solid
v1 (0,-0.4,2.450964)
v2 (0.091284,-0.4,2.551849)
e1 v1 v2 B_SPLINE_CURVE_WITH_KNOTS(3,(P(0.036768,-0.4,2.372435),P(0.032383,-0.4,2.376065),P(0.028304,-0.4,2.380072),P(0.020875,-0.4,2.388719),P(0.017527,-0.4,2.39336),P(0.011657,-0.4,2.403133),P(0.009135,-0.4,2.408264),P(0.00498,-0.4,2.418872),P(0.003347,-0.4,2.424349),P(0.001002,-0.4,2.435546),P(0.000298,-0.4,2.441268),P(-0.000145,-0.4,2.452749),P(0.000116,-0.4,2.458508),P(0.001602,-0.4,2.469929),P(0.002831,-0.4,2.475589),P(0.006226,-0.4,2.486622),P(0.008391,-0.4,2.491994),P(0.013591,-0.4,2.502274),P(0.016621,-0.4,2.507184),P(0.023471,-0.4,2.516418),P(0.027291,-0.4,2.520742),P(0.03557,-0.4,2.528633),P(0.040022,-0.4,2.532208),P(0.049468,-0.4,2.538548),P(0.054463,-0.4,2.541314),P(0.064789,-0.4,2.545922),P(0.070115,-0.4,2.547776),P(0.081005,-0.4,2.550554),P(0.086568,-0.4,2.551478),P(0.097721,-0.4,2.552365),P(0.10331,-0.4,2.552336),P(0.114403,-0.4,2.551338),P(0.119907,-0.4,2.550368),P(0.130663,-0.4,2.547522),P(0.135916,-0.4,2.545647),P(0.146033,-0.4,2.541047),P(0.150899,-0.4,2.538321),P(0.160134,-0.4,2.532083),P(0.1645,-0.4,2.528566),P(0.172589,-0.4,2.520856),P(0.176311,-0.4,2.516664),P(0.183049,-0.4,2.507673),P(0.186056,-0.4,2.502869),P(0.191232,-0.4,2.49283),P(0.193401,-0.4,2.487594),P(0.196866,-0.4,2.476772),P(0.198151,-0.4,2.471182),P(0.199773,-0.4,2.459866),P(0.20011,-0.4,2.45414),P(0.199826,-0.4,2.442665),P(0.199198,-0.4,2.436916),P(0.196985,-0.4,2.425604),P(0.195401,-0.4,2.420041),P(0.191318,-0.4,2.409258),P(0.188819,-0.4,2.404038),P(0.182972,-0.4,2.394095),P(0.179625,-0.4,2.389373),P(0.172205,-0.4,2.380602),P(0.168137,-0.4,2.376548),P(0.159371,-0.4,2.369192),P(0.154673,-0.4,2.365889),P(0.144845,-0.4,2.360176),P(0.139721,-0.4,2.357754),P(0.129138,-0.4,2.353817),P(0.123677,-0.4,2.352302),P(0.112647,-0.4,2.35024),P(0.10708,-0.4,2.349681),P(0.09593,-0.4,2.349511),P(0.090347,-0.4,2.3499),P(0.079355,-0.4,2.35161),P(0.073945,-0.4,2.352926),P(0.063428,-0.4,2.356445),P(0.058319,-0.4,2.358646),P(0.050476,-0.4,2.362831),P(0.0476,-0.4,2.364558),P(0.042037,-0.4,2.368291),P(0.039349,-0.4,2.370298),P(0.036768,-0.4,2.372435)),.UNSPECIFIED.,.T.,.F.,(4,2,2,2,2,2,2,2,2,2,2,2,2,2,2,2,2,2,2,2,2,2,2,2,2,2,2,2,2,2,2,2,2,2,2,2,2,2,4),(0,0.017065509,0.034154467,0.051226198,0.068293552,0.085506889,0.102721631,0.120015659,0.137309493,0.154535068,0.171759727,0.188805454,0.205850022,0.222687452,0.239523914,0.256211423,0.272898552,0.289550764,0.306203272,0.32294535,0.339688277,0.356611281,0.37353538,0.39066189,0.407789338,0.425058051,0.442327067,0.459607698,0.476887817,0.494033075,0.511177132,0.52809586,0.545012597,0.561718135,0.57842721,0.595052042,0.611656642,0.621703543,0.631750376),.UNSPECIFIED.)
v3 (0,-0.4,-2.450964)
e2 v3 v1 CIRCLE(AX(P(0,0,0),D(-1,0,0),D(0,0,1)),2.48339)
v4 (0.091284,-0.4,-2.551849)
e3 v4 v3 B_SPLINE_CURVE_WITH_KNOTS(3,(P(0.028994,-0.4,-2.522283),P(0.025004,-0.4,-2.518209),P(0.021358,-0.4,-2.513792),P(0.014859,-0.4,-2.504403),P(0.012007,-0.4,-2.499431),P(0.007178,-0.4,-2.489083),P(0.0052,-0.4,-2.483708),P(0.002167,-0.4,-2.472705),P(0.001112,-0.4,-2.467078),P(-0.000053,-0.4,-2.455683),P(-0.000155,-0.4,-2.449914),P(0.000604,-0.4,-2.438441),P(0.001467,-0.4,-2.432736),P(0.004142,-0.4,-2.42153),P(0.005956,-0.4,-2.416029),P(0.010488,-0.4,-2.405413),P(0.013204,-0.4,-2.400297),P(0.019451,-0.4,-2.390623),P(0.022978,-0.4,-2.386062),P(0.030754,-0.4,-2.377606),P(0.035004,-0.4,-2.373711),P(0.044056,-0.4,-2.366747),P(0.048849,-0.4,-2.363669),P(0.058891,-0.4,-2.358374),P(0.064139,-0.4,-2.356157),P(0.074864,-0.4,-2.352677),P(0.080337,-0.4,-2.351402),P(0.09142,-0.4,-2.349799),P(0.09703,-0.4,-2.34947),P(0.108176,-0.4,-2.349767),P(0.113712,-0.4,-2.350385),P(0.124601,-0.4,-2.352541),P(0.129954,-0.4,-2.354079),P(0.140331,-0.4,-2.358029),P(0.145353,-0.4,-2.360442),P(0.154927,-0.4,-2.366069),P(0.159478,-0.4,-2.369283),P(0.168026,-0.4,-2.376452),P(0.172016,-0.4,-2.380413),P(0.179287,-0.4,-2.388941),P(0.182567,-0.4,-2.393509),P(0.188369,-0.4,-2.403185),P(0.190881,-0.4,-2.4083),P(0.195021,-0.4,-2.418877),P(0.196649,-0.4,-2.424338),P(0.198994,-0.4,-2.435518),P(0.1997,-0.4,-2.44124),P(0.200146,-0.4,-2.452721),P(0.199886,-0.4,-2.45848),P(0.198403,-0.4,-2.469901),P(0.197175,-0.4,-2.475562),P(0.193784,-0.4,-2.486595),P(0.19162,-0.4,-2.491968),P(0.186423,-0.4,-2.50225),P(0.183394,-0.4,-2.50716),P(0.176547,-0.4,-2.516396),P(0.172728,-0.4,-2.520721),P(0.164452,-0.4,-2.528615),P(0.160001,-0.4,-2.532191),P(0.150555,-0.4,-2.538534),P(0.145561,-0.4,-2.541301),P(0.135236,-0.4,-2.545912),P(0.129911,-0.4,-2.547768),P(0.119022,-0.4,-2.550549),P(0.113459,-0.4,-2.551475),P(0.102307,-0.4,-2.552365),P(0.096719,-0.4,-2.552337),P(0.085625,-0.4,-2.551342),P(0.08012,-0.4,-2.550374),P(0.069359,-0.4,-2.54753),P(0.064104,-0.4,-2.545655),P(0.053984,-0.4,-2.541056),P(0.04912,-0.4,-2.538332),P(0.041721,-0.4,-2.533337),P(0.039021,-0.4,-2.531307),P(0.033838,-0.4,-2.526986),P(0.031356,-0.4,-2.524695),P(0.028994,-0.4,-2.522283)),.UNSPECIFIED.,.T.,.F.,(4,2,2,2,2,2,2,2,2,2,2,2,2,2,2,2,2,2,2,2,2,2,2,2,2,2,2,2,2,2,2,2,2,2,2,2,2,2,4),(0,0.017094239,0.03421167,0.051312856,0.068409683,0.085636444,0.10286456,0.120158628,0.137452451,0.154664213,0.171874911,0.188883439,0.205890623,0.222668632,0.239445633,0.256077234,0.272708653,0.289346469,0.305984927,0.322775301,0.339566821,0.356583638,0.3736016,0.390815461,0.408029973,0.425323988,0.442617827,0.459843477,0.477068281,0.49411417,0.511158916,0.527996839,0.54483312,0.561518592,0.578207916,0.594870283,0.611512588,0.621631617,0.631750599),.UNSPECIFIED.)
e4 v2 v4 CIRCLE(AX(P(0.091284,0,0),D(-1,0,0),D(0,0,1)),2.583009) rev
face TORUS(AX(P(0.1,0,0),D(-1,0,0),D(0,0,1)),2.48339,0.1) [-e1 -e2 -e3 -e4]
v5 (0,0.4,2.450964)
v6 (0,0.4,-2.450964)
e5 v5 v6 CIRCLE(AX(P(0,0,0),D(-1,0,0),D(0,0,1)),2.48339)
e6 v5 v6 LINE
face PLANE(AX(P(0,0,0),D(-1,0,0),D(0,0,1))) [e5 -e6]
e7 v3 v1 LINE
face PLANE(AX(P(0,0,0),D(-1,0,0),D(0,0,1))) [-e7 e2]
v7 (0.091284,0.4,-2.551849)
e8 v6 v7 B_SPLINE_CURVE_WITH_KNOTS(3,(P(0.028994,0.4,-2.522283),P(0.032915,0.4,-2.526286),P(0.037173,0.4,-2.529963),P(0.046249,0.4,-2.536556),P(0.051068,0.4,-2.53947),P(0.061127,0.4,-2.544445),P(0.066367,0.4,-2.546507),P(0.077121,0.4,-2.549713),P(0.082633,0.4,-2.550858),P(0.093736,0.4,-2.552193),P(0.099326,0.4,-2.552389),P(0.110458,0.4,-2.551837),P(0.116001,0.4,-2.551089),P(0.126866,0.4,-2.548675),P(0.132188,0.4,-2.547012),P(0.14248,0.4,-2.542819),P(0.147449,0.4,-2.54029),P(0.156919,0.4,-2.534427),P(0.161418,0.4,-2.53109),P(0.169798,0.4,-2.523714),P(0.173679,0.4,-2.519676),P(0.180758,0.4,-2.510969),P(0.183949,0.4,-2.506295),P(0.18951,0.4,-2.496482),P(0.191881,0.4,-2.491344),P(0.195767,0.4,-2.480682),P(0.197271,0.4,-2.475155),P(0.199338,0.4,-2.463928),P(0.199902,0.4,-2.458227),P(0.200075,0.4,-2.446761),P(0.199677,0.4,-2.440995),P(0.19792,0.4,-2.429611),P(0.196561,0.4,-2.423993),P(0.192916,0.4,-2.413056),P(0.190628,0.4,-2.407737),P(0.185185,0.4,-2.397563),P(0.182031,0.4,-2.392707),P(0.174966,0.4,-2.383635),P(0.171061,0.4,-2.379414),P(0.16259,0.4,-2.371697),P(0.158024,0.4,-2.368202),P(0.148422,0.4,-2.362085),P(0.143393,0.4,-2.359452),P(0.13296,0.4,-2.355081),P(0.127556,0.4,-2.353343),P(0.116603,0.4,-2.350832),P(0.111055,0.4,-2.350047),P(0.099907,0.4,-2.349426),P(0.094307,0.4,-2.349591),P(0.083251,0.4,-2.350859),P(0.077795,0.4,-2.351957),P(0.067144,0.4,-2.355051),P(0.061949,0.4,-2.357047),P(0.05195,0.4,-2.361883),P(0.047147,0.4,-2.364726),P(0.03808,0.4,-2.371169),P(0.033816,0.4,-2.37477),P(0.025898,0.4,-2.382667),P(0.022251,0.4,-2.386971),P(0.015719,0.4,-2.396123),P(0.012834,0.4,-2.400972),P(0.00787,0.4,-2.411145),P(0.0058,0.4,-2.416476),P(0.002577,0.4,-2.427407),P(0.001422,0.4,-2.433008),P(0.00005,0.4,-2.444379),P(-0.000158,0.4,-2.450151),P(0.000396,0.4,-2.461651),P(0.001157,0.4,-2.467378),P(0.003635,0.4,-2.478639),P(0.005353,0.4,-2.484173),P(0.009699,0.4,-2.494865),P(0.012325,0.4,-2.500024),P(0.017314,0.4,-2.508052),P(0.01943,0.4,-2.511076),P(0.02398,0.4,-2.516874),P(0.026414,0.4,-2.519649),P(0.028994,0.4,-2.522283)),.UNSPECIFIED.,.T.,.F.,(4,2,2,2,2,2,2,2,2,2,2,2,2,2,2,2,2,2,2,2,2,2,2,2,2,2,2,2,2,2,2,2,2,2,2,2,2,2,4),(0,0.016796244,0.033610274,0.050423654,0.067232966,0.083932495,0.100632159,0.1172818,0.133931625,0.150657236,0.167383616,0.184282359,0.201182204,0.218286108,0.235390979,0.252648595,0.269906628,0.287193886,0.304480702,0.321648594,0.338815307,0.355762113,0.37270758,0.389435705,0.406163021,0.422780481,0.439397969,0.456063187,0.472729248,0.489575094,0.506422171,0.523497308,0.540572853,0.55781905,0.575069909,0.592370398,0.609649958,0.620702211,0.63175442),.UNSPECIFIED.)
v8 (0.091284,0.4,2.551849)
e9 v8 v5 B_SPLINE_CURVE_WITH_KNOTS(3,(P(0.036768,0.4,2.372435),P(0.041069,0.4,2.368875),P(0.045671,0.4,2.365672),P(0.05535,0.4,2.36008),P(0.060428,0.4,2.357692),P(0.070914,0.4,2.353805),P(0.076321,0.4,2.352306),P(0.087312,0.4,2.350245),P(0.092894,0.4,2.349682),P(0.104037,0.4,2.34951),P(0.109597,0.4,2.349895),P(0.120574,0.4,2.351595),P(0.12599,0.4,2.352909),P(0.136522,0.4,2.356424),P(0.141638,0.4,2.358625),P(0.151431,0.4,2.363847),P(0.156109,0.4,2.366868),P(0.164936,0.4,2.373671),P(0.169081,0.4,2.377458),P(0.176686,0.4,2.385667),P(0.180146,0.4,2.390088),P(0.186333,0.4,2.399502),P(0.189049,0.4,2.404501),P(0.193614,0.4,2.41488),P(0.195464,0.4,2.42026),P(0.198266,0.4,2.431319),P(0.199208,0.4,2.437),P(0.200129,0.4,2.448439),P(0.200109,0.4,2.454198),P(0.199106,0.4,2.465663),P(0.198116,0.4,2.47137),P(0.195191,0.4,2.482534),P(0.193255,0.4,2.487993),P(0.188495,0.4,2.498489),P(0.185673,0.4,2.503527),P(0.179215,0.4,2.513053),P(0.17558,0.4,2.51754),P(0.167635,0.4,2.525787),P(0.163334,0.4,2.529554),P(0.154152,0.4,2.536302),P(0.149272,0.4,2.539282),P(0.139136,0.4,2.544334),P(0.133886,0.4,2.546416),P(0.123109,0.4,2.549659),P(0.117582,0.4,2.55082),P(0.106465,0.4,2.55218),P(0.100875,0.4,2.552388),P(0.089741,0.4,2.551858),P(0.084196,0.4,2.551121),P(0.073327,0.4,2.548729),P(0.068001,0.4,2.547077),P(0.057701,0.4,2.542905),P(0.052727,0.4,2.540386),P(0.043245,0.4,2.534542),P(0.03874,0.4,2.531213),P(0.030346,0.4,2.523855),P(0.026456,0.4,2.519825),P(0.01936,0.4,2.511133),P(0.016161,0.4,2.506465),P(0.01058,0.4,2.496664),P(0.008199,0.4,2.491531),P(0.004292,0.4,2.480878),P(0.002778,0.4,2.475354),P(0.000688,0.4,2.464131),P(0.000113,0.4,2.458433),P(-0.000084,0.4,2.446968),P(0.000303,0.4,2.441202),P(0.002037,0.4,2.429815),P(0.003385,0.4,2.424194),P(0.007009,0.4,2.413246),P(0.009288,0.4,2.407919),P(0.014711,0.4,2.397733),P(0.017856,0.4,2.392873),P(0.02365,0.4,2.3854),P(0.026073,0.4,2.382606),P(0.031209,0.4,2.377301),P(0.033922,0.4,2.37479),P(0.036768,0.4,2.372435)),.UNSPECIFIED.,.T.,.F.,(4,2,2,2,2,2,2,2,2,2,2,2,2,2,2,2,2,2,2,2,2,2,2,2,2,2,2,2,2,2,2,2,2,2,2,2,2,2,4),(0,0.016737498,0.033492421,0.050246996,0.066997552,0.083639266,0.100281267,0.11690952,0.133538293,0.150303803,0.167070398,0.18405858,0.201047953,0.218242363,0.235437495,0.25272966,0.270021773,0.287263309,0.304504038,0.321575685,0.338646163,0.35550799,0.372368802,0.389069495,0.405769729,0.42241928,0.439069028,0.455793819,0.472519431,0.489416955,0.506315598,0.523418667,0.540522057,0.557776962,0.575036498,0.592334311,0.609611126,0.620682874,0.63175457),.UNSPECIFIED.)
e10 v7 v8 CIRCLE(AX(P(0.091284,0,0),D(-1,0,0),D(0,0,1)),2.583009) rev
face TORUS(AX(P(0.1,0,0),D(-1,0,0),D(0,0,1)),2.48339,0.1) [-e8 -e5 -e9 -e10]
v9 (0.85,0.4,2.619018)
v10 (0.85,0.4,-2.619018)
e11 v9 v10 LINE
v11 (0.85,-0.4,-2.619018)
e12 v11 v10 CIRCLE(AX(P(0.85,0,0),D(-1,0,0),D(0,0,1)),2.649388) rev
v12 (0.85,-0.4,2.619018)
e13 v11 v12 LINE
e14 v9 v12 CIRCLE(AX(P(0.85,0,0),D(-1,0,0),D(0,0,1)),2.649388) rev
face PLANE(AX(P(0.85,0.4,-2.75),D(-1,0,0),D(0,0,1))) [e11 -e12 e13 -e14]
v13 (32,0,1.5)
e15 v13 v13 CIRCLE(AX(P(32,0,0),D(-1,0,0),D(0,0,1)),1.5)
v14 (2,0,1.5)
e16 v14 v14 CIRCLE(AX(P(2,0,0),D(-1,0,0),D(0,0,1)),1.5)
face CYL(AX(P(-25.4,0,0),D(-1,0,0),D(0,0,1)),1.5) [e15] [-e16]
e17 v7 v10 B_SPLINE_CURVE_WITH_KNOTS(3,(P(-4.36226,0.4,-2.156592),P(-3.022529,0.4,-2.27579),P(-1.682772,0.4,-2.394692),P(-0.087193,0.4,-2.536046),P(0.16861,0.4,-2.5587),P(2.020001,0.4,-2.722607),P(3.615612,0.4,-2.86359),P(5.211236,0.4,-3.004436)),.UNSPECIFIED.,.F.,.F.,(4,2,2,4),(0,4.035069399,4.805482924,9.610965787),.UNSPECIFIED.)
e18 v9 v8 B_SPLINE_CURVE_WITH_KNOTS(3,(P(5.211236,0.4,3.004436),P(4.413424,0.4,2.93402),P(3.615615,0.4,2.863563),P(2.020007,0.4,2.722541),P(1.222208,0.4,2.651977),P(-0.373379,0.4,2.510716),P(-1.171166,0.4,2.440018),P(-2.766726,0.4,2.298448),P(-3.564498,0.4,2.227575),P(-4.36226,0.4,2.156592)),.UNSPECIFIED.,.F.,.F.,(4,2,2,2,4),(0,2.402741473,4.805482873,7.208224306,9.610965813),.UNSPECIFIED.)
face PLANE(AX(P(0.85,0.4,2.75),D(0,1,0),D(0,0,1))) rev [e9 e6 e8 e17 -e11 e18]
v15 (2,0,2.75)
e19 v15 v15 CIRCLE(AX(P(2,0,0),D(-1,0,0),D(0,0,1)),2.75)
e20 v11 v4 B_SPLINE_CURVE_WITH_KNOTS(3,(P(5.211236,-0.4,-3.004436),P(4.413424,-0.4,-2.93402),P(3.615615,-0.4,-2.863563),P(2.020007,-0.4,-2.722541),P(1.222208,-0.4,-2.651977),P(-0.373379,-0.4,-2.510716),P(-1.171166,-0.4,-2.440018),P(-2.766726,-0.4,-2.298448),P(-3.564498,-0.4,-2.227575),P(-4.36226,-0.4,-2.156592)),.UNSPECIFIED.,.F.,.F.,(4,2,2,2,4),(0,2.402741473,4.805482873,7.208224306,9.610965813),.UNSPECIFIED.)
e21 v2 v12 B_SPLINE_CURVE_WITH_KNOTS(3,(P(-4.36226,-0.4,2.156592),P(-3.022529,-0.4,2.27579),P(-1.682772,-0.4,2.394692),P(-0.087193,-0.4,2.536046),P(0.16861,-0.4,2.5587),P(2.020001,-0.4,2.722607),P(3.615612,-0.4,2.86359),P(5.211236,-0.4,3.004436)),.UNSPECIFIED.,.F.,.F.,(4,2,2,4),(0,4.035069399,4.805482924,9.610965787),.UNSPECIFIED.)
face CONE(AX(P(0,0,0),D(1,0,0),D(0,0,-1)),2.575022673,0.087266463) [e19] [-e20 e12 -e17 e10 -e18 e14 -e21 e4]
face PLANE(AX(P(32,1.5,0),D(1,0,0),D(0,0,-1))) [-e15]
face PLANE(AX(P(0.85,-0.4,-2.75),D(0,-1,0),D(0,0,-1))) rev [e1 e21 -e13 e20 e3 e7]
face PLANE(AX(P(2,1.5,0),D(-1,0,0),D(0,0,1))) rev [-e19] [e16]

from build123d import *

# Parameters (mm, degrees)
FILLET2_R  = 0.1
SKETCH2_W  = 5.5
SKETCH2_H  = 0.8
SLOT_DEPTH = 0.85


with BuildPart() as part:
    # BodySke → Base-Revolve (revolve)
    with BuildSketch(Plane.XY, mode=Mode.PRIVATE) as base_revolve_sk:
        Polygon((2, 1.5), (2, 2.75), (0, 2.575022673), (0, 0), (32, 0), (32, 1.5), align=None)
    revolve(base_revolve_sk.sketch.rotate(Axis((-25.4, 0, 0), (1, 0, 0)), 90), axis=Axis((-25.4, 0, 0), (1, 0, 0)))

    # Fillet2
    fillet2_edges = [part.edges().sort_by_distance(p)[0] for p in [
        (0, 0, -2.575022673),
    ]]
    fillet(fillet2_edges, radius=FILLET2_R)

    # Sketch2 → Slot (cut)
    with BuildSketch(Plane(origin=(0, 0, 0), x_dir=(0, 0, -1), z_dir=(1, 0, 0))):
        Rectangle(SKETCH2_W, SKETCH2_H)
    extrude(amount=SLOT_DEPTH, mode=Mode.SUBTRACT)


solid = part.part
